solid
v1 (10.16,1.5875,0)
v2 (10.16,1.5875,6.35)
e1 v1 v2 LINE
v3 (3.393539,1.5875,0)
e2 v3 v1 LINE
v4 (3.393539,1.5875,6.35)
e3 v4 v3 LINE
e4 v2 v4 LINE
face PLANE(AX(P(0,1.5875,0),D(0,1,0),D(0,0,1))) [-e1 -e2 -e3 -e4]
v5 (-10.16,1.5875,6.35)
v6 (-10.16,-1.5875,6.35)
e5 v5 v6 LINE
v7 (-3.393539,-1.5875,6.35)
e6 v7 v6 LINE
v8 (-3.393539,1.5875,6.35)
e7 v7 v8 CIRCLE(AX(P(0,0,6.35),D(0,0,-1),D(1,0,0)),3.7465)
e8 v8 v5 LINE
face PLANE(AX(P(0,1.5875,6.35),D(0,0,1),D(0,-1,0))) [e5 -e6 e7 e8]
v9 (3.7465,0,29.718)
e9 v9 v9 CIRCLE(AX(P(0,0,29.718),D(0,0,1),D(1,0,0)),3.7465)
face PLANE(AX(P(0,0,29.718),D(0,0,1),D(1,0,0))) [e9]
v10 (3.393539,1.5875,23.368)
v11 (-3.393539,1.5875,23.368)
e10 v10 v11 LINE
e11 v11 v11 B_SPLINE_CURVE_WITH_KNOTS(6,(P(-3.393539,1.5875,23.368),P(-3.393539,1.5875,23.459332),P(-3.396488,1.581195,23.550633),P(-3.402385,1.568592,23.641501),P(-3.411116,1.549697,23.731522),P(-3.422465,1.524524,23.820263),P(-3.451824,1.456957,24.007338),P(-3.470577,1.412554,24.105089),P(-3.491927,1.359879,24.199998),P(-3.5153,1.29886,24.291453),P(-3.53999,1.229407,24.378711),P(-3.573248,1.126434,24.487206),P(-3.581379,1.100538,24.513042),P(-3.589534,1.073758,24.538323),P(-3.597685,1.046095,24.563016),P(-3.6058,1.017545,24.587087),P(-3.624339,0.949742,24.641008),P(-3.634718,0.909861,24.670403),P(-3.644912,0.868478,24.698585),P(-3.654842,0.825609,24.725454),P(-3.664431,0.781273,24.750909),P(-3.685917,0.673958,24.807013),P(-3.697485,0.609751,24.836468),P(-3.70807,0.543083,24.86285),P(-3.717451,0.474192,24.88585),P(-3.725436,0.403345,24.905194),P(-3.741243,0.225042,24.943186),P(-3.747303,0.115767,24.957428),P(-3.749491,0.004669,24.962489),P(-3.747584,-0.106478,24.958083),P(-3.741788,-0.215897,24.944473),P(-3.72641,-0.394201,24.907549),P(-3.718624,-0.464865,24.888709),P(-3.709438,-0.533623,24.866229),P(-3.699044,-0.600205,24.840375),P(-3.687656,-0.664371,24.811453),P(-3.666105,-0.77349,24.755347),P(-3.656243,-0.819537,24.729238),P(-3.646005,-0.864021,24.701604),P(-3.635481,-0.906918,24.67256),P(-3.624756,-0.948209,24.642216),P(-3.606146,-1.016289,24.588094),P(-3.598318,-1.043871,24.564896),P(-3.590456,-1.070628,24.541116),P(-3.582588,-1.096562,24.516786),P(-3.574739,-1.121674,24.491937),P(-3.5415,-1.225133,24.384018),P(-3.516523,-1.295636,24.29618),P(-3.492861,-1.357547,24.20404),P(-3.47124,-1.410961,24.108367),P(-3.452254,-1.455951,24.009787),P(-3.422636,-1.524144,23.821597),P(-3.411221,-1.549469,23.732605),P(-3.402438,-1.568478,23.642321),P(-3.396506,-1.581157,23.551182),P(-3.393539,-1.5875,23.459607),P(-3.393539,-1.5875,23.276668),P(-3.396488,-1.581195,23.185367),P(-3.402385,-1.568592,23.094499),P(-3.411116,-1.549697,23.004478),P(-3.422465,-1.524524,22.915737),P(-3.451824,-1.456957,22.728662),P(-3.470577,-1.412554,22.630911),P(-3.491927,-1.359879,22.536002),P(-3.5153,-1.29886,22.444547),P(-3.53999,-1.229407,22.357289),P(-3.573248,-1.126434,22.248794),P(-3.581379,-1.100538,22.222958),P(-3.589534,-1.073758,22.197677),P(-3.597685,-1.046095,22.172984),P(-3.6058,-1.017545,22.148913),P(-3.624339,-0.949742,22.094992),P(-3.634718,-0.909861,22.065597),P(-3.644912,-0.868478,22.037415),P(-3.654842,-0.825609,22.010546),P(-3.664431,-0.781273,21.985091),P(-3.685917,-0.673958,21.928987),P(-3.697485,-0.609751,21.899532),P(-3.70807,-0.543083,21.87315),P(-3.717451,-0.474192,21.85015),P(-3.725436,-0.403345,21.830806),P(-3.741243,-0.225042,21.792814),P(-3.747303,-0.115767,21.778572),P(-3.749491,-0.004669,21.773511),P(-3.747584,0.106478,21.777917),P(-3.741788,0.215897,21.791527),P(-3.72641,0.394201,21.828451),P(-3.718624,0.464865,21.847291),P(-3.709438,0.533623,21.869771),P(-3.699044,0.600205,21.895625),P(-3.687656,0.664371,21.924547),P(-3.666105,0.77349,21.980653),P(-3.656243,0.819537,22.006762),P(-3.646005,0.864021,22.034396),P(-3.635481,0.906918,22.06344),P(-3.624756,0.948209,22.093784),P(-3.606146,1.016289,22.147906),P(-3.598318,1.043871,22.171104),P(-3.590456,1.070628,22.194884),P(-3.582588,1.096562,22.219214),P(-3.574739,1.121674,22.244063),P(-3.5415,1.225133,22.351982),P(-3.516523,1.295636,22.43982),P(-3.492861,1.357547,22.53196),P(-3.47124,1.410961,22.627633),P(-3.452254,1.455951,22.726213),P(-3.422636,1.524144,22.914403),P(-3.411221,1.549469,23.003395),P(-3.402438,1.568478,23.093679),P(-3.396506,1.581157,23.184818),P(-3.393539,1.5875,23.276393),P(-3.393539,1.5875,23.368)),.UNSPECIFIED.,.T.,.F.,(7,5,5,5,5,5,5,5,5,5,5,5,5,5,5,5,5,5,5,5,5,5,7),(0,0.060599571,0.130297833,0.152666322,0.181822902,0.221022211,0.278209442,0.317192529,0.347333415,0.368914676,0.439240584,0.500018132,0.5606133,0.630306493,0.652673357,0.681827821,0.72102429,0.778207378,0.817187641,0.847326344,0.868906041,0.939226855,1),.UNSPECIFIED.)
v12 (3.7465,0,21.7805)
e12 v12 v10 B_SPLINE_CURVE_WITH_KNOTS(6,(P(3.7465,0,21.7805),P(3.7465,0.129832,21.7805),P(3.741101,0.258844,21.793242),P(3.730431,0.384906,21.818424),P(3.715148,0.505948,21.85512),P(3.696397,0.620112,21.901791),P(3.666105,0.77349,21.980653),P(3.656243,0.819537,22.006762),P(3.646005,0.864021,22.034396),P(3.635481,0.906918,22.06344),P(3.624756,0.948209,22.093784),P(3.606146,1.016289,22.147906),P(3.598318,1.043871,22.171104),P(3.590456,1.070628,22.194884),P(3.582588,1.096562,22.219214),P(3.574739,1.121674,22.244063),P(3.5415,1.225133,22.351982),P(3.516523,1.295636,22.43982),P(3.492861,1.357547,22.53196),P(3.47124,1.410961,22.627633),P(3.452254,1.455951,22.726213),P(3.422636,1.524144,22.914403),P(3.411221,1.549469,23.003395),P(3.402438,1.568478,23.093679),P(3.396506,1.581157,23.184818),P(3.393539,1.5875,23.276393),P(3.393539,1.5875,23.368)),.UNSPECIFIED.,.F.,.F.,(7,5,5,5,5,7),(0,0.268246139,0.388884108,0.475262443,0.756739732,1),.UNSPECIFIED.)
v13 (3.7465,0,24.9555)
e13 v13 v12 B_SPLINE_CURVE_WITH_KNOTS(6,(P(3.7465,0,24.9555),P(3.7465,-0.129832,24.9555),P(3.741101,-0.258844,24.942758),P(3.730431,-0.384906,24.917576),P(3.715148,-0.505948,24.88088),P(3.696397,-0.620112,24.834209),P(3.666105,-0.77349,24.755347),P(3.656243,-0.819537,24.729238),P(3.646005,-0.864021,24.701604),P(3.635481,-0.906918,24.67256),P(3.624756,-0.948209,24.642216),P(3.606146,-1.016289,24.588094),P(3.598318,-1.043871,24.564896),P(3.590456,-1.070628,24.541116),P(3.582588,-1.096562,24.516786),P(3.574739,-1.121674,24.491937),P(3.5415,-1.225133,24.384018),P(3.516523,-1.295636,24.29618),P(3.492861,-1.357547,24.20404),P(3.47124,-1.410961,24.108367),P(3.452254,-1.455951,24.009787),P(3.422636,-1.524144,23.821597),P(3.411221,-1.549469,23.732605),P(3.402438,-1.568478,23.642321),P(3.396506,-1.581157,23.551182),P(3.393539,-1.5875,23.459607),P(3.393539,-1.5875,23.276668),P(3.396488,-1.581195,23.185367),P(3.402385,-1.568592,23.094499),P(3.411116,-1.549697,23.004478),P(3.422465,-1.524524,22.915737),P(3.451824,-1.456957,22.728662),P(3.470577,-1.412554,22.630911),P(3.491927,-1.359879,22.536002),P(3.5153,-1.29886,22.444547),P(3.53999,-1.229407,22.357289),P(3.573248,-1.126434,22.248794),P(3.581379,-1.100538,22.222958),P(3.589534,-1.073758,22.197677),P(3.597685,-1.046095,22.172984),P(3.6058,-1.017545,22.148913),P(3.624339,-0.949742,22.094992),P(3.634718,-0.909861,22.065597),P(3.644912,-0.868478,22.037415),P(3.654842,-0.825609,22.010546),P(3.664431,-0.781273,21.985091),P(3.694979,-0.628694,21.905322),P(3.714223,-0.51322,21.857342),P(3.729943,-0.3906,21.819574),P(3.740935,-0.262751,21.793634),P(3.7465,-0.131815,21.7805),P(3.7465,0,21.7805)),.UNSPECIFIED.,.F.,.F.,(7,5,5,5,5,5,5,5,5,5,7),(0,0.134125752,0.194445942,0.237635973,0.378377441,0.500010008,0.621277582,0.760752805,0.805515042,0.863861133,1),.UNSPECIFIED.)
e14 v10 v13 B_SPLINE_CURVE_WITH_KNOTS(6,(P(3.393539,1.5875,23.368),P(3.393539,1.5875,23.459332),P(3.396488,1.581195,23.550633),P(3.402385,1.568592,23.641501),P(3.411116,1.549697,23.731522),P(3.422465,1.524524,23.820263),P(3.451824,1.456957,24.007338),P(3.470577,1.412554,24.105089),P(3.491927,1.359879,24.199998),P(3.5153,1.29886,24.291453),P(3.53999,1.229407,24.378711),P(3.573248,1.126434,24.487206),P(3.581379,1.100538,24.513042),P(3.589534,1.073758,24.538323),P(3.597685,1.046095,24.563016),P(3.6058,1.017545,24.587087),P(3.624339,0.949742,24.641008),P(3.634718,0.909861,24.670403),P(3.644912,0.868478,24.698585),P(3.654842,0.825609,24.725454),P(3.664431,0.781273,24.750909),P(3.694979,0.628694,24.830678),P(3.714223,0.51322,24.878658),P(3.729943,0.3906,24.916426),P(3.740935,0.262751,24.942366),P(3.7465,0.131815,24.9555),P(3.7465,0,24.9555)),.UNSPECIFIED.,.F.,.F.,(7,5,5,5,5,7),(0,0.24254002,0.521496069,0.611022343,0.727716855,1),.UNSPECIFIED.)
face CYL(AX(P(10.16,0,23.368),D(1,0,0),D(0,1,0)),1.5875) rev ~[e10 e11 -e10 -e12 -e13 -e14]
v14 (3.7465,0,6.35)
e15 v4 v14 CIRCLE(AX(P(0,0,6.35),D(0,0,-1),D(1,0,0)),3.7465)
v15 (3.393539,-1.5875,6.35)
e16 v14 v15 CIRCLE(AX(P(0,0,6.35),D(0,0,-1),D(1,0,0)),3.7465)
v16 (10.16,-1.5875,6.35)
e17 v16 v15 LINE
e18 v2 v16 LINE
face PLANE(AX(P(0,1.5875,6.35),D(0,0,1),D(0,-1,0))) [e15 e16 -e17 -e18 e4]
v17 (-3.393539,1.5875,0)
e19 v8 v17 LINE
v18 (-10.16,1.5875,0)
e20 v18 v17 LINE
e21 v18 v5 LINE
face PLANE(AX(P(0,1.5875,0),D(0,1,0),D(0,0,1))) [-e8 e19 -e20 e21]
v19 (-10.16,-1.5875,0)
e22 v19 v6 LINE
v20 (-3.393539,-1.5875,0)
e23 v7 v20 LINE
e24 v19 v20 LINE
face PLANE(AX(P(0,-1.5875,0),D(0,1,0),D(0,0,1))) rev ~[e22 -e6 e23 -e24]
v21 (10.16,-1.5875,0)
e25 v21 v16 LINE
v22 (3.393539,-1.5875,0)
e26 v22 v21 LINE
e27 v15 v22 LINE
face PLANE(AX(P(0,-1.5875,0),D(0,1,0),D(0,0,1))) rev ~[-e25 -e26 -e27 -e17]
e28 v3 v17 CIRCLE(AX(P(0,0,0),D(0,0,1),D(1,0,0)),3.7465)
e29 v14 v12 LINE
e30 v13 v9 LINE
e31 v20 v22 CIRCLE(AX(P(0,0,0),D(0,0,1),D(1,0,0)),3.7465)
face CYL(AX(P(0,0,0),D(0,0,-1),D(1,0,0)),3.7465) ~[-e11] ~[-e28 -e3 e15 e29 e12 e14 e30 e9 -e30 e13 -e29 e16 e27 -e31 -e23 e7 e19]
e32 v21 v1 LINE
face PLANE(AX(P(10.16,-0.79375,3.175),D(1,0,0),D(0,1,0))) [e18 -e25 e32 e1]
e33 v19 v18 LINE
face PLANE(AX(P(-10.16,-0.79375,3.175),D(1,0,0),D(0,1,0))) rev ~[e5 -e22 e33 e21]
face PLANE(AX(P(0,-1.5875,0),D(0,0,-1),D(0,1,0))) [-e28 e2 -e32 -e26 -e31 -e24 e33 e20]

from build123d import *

# Parameters (mm, degrees)
F0_R     = 3.7465
F1_DEPTH = 29.718
F2_W     = 1.5875
F2_H     = 6.35
F3_DEPTH = 10.16
F4_R     = 1.5875
F5_DEPTH = 25.4


with BuildPart() as f1:
    # F0 (on Top) → F1 (new body)
    with BuildSketch(Plane.XY):
        Circle(F0_R)
    extrude(amount=F1_DEPTH)

    # F2 (on Right) → F3 (join, symmetric)
    with BuildSketch(Plane.YZ):
        with Locations((-0.79375, 3.175)):
            Rectangle(F2_W, F2_H)
        with Locations((0.79375, 3.175)):
            Rectangle(F2_W, F2_H)
    extrude(amount=F3_DEPTH, both=True)

    # F4 (on face) → F5 (cut)
    with BuildSketch(Plane.YZ.offset(10.16)):
        with Locations((0, 23.368)):
            Circle(F4_R)
    extrude(amount=-F5_DEPTH, mode=Mode.SUBTRACT)


solid = f1.part
